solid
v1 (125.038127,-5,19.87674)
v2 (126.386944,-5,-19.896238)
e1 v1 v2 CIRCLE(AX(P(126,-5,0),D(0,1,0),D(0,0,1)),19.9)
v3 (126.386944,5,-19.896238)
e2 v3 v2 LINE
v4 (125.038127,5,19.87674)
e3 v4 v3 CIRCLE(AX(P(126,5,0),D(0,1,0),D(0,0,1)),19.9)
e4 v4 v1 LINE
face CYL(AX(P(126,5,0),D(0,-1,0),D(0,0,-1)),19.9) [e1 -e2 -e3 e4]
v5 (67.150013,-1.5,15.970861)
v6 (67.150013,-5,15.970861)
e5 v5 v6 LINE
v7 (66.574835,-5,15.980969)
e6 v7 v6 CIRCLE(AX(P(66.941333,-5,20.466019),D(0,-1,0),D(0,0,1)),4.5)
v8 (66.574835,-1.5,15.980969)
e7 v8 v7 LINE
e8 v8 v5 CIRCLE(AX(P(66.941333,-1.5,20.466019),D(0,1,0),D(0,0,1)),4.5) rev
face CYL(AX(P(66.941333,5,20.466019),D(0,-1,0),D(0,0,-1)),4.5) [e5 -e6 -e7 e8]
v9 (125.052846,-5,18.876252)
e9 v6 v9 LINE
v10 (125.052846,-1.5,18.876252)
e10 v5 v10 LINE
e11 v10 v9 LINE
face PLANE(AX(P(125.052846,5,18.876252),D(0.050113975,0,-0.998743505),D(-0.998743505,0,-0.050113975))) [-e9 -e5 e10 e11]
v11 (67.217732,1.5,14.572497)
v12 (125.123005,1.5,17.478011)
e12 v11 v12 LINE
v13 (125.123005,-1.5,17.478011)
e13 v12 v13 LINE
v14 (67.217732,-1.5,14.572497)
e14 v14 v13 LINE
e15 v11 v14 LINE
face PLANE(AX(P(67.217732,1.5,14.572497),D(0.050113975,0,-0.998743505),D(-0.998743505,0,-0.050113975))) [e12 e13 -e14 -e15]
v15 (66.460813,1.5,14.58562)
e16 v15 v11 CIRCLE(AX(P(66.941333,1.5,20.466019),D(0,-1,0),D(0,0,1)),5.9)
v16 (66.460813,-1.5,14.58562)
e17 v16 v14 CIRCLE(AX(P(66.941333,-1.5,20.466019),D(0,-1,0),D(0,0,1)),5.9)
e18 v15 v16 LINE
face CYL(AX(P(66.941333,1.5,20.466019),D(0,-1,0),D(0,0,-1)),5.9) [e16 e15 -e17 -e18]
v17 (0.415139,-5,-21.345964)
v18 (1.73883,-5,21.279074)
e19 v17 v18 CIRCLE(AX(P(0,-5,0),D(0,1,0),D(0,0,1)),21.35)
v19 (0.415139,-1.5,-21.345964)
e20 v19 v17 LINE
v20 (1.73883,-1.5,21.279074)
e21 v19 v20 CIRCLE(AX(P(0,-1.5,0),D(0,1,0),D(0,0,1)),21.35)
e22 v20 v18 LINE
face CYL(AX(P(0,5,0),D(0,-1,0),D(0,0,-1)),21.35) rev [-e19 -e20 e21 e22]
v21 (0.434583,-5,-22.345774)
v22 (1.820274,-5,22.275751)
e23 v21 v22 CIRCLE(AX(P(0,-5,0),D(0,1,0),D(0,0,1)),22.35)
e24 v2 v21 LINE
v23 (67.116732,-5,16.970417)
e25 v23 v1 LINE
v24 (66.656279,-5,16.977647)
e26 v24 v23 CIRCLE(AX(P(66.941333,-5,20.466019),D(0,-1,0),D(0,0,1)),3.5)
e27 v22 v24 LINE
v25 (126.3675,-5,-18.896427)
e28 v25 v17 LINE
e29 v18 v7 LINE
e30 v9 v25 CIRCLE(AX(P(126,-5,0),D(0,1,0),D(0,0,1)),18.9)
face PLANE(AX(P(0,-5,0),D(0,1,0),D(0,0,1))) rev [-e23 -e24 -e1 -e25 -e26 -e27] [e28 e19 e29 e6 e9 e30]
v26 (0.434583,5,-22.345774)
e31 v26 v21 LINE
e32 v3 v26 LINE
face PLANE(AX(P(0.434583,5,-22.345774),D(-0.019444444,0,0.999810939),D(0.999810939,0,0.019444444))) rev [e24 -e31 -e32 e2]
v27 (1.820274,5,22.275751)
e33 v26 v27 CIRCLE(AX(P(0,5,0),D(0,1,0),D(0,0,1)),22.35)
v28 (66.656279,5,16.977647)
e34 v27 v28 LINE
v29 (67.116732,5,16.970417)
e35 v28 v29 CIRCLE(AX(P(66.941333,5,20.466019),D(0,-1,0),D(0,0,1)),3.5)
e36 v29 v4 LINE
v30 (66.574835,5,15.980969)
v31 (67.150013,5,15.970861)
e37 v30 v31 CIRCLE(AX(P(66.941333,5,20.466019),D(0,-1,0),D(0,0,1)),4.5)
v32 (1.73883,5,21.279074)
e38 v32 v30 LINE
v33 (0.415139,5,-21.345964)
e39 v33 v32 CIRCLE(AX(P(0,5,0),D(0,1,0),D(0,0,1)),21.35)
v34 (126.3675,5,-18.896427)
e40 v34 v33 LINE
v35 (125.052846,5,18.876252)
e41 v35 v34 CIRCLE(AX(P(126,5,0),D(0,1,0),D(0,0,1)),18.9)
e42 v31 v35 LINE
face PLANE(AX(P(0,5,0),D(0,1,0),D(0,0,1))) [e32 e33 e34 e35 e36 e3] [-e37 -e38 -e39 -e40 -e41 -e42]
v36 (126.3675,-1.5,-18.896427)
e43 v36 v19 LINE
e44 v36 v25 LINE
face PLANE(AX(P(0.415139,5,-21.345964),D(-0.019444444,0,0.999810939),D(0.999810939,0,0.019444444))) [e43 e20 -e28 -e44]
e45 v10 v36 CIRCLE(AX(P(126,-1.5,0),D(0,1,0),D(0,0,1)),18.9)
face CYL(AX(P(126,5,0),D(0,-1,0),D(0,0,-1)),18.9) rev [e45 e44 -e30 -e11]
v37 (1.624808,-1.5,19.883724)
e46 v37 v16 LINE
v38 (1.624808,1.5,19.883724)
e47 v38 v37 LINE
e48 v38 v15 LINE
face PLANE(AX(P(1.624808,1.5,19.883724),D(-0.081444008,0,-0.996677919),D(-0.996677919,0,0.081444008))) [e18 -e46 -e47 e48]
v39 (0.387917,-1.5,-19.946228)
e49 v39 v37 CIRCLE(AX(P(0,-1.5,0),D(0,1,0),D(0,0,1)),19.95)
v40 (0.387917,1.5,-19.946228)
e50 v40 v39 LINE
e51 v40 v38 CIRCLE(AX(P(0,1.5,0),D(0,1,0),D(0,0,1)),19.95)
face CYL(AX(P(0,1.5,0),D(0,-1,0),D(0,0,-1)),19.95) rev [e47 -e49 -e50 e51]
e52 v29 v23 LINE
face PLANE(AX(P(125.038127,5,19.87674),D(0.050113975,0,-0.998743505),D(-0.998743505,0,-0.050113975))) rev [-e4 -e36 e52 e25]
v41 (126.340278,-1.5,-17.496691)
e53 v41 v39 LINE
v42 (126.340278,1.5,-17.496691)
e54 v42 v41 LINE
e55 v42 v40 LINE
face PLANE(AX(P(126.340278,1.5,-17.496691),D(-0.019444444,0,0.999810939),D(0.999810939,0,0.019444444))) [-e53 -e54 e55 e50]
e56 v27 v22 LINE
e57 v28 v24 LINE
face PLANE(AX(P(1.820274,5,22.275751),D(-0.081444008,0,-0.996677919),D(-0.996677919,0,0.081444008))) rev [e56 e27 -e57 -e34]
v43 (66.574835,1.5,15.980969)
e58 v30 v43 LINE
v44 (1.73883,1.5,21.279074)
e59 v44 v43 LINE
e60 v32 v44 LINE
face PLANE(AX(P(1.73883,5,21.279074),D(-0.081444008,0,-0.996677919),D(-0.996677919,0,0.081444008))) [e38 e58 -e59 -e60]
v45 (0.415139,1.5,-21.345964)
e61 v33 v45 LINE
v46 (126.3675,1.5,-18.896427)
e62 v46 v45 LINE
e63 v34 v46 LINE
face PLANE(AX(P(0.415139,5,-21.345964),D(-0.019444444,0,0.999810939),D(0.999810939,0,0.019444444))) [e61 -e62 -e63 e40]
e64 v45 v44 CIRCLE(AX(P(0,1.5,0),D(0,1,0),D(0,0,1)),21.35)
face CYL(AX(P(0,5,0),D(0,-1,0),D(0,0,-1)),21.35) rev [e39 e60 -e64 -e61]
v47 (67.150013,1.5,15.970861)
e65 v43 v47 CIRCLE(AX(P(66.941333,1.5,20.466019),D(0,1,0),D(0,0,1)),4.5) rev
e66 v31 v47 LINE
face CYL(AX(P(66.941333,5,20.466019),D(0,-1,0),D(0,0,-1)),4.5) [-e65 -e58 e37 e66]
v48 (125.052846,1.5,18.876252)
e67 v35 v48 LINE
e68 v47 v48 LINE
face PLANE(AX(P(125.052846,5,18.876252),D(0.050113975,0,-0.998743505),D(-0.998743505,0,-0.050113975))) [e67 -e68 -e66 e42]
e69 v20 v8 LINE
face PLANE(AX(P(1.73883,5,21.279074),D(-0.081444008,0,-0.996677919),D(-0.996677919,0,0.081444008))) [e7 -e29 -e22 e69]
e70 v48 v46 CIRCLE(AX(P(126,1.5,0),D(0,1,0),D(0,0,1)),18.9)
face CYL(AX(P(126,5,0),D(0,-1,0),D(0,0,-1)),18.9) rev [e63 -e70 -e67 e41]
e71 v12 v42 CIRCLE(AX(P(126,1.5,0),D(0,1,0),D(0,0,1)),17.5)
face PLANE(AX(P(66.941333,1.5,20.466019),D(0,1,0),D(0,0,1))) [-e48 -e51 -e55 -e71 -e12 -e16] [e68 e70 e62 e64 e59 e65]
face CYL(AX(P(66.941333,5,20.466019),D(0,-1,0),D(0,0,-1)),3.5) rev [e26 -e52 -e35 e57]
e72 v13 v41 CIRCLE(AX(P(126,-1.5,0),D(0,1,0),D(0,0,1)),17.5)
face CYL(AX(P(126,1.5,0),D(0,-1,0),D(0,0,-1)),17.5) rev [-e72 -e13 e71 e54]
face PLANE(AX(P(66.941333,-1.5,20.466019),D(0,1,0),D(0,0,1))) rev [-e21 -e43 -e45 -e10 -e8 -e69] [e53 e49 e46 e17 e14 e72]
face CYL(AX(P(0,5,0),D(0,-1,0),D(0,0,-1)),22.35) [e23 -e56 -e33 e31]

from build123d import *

# Parameters (mm, degrees)
BOSS_EXTRUDE1_DEPTH = 5
BOSS_EXTRUDE2_DEPTH = 1.5


with BuildPart() as part:
    # Sketch1 → Boss-Extrude1 (new, symmetric)
    with BuildSketch(Plane(origin=(0, 0, 0), x_dir=(1, 0, 0), z_dir=(0, 1, 0))):
        with BuildLine():
            Line((0.434583333, 22.345774485), (126.386944444, 19.896237684))
            ThreePointArc((126.386944444, 19.896237684), (145.888566517, -0.674478997), (125.038127363, -19.876740201))
            Line((125.038127363, -19.876740201), (67.116731829, -16.970417062))
            ThreePointArc((67.116731829, -16.970417062), (66.886386328, -16.966450661), (66.65627889, -16.977646615))
            Line((66.65627889, -16.977646615), (1.820273578, -22.275751482))
            ThreePointArc((1.820273578, -22.275751482), (-22.339230959, -0.693729175), (0.434583333, 22.345774485))
        make_face()
        with BuildLine():
            Line((0.415138889, 21.345963546), (126.3675, 18.896426746))
            ThreePointArc((126.3675, 18.896426746), (144.88856319, -0.657404457), (125.052845875, -18.876252252))
            Line((125.052845875, -18.876252252), (67.150013324, -15.970860547))
            ThreePointArc((67.150013324, -15.970860547), (66.862262413, -15.966714067), (66.574834882, -15.980968697))
            Line((66.574834882, -15.980968697), (1.73882957, -21.279073564))
            ThreePointArc((1.73882957, -21.279073564), (-21.339712795, -0.662689838), (0.415138889, 21.345963546))
        make_face(mode=Mode.SUBTRACT)
    extrude(amount=BOSS_EXTRUDE1_DEPTH, both=True)

    # Sketch8 → Boss-Extrude2 (add, symmetric)
    with BuildSketch(Plane(origin=(0, 0, 0), x_dir=(1, 0, 0), z_dir=(0, 1, 0))):
        with BuildLine():
            Line((67.1403688, -16.170628229), (125.04282308, -19.076000953))
            ThreePointArc((125.04282308, -19.076000953), (145.088442165, -0.664361118), (126.371388889, 19.096388933))
            Line((126.371388889, 19.096388933), (0.419027778, 21.545925734))
            ThreePointArc((0.419027778, 21.545925734), (-21.539616428, -0.668897706), (1.755118371, -21.478409147))
            Line((1.755118371, -21.478409147), (66.591123683, -16.18030428))
            ThreePointArc((66.591123683, -16.18030428), (66.865591568, -16.166686447), (67.1403688, -16.170628229))
        make_face()
        with BuildLine():
            Line((67.217731767, -14.572497151), (125.12300544, -17.478011344))
            ThreePointArc((125.12300544, -17.478011344), (143.489410361, -0.60870783), (126.340277778, 17.496691431))
            Line((126.340277778, 17.496691431), (0.387916667, 19.946228231))
            ThreePointArc((0.387916667, 19.946228231), (-19.940387366, -0.619234767), (1.624807959, -19.883724478))
            Line((1.624807959, -19.883724478), (66.460813271, -14.58561961))
            ThreePointArc((66.460813271, -14.58561961), (66.839061833, -14.566905785), (67.217731767, -14.572497151))
        make_face(mode=Mode.SUBTRACT)
    extrude(amount=BOSS_EXTRUDE2_DEPTH, both=True)


solid = part.part
